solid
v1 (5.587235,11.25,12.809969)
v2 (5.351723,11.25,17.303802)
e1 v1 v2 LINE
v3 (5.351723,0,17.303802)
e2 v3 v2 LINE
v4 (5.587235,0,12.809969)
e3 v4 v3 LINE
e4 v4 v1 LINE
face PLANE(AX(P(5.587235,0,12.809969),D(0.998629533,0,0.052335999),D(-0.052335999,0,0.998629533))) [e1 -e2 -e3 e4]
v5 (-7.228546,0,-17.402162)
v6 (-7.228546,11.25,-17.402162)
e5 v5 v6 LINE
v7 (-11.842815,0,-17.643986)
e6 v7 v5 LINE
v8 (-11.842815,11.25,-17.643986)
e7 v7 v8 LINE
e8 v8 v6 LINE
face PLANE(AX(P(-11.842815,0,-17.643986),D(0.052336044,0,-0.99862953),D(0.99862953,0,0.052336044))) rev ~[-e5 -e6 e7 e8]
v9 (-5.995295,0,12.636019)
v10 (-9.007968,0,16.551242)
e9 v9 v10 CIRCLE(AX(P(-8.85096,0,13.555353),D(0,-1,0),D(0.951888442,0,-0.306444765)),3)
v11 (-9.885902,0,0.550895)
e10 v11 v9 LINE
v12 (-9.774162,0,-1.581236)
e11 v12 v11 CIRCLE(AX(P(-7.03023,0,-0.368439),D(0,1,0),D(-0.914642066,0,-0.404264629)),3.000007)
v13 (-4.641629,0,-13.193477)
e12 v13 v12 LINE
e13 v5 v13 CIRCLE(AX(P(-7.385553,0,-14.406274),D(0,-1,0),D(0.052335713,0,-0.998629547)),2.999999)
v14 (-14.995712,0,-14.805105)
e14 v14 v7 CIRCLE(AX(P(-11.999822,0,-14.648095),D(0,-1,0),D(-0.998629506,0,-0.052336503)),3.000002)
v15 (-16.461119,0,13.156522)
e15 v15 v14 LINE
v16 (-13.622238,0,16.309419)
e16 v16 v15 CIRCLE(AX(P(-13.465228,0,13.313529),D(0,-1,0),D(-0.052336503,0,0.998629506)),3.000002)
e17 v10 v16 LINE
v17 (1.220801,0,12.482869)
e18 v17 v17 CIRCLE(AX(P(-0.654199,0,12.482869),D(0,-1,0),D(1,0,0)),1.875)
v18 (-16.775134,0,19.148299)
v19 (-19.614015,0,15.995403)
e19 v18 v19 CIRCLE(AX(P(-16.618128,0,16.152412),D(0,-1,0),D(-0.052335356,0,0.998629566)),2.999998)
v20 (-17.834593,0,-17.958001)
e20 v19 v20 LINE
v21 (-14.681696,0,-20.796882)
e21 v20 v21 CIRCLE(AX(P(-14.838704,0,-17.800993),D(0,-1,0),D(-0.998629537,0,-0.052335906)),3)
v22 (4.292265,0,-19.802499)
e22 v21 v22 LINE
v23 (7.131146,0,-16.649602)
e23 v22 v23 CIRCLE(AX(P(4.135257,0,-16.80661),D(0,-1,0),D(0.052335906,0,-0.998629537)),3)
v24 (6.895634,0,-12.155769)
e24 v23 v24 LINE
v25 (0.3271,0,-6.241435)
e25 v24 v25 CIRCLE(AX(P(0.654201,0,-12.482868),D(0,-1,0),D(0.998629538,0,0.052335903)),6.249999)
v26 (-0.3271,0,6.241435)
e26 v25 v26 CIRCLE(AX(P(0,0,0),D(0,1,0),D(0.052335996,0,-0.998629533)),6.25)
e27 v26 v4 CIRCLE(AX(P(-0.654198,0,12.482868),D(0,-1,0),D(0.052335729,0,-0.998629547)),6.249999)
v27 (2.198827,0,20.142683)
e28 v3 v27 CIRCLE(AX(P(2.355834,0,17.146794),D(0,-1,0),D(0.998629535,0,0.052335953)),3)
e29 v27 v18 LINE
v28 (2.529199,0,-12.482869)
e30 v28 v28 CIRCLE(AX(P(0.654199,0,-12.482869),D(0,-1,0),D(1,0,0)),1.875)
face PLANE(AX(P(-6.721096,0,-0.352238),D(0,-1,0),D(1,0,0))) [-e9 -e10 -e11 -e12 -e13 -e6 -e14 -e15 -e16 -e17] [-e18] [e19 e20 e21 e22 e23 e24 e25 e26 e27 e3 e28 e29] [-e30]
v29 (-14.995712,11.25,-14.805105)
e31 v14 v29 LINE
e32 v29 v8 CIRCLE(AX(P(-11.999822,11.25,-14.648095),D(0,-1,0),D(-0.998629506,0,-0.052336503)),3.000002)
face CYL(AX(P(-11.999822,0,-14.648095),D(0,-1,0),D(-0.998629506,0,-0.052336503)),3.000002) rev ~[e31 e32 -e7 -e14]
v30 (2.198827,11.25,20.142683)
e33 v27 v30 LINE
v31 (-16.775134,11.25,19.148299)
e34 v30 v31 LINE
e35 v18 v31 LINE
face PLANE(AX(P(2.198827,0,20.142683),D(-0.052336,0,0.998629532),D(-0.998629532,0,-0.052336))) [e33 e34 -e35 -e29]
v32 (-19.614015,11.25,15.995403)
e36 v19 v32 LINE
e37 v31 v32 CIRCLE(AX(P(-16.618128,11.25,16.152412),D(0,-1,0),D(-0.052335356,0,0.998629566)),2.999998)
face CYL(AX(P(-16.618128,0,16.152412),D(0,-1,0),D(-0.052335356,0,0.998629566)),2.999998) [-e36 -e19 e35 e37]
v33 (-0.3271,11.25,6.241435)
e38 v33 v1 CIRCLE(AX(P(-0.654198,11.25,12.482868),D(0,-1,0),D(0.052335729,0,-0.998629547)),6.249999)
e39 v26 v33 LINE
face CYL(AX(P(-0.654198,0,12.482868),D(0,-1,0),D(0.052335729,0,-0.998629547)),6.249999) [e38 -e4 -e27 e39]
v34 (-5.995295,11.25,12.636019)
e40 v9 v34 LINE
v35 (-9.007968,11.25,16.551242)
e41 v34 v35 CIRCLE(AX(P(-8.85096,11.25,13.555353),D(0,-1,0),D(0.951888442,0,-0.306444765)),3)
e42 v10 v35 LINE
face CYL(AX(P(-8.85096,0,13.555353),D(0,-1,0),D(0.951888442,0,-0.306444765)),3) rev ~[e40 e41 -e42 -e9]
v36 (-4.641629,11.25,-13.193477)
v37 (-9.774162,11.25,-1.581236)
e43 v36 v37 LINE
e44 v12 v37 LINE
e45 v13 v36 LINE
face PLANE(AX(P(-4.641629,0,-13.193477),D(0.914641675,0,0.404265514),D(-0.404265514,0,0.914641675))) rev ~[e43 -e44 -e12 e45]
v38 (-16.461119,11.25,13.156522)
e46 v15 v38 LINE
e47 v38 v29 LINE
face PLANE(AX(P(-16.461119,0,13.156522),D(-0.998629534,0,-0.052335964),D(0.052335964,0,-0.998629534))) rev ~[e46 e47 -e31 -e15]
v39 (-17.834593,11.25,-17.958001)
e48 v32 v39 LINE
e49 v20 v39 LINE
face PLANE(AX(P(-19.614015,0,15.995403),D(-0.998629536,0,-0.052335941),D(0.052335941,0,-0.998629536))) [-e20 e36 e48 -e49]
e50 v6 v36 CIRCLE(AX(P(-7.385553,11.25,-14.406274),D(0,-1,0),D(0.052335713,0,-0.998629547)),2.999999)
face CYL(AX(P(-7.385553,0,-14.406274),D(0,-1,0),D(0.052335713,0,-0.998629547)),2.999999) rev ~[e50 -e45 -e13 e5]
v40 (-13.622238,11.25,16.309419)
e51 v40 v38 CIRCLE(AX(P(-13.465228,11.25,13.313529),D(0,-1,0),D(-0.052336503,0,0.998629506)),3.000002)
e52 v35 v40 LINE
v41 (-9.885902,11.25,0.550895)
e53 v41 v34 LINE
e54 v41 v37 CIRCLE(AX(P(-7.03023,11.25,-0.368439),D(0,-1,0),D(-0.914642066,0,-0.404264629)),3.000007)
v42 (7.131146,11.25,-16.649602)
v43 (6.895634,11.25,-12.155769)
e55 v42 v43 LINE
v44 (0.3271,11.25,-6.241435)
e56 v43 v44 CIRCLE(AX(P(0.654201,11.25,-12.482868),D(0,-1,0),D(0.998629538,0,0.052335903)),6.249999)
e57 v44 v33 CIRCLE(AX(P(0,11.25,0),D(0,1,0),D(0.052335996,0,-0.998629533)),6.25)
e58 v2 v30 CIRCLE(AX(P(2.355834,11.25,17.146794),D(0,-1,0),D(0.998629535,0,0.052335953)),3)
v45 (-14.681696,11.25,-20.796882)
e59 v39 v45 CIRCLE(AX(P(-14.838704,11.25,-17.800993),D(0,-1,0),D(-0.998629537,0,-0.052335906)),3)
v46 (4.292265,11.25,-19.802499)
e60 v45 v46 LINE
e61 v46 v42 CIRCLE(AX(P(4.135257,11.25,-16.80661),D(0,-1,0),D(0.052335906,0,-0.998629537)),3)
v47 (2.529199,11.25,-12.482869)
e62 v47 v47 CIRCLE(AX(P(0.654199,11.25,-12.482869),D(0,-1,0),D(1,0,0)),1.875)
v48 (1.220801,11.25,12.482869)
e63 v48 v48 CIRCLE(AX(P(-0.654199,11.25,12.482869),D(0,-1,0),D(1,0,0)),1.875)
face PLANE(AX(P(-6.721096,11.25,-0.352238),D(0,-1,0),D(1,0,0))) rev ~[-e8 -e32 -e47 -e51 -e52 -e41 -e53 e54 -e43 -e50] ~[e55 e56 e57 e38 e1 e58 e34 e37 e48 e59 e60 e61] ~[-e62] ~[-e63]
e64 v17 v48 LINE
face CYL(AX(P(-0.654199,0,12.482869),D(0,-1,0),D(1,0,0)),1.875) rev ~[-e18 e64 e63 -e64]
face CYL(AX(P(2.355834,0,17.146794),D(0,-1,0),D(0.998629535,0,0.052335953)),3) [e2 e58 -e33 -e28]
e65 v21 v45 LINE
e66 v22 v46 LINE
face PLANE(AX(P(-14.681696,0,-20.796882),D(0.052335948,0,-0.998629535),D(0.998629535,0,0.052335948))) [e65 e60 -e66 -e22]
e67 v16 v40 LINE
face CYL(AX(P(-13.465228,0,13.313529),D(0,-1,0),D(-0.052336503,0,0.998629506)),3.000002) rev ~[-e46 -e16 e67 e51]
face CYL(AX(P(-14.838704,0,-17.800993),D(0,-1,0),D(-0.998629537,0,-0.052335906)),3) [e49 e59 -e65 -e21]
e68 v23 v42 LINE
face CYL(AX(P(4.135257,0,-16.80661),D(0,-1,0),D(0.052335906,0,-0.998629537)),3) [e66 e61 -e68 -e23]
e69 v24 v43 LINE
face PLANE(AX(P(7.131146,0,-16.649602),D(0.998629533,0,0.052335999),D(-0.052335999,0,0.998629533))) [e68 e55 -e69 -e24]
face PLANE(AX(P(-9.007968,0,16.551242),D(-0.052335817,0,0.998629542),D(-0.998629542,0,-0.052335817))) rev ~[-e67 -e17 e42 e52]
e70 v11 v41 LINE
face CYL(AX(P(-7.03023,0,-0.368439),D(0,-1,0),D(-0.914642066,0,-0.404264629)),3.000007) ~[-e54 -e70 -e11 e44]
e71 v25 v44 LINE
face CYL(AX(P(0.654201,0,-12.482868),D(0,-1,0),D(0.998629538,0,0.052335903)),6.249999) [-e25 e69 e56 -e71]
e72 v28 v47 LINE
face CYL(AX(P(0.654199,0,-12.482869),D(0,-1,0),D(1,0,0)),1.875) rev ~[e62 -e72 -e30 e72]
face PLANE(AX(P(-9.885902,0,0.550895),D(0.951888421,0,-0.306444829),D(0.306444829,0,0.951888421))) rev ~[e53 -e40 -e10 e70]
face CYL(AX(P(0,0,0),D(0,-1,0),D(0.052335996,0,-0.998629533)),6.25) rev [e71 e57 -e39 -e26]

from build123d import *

# Parameters (mm, degrees)
F0_R     = 1.875
F1_DEPTH = 11.25
F3_DEPTH = 25


with BuildPart() as f1:
    # F0 (on Front) → F1 (new body)
    with BuildSketch(Plane.XZ):
        with BuildLine():
            ThreePointArc((-0.3271, 6.241435), (3.990456, 8.300803), (5.587235, 12.809969))
            Line((5.587235, 12.809969), (5.351723, 17.303802))
            ThreePointArc((5.351723, 17.303802), (4.363227, 19.376228), (2.198827, 20.142683))
            Line((2.198827, 20.142683), (-16.775134, 19.148299))
            ThreePointArc((-16.775134, 19.148299), (-18.847561, 18.159803), (-19.614015, 15.995403))
            Line((-19.614015, 15.995403), (-18.724304, -0.981299))
            Line((-18.724304, -0.981299), (-17.834593, -17.958001))
            ThreePointArc((-17.834593, -17.958001), (-16.846096, -20.030428), (-14.681696, -20.796882))
            Line((-14.681696, -20.796882), (4.292265, -19.802499))
            ThreePointArc((4.292265, -19.802499), (6.364692, -18.814002), (7.131146, -16.649602))
            Line((7.131146, -16.649602), (6.895634, -12.155769))
            ThreePointArc((6.895634, -12.155769), (4.836266, -7.838214), (0.3271, -6.241435))
            ThreePointArc((0.3271, -6.241435), (-6.241435, -0.3271), (-0.3271, 6.241435))
        make_face()
        with Locations((0.654199, -12.482869)):
            Circle(F0_R, mode=Mode.SUBTRACT)
        with Locations((-0.654199, 12.482869)):
            Circle(F0_R, mode=Mode.SUBTRACT)
    extrude(amount=-F1_DEPTH)

    # F2 (on face) → F3 (cut)
    with BuildSketch(Plane.XZ):
        with BuildLine():
            ThreePointArc((-14.995712, -14.805105), (-14.007215, -16.877531), (-11.842815, -17.643986))
            Line((-11.842815, -17.643986), (-7.228546, -17.402162))
            ThreePointArc((-7.228546, -17.402162), (-4.829754, -15.977225), (-4.641629, -13.193477))
            Line((-4.641629, -13.193477), (-9.774162, -1.581236))
            ThreePointArc((-9.774162, -1.581236), (-10.026125, -0.525447), (-9.885902, 0.550895))
            Line((-9.885902, 0.550895), (-5.995295, 12.636019))
            ThreePointArc((-5.995295, 12.636019), (-6.473371, 15.384853), (-9.007968, 16.551242))
            Line((-9.007968, 16.551242), (-13.622238, 16.309419))
            ThreePointArc((-13.622238, 16.309419), (-15.694664, 15.320922), (-16.461119, 13.156522))
            Line((-16.461119, 13.156522), (-14.995712, -14.805105))
        make_face()
    extrude(amount=-F3_DEPTH, mode=Mode.SUBTRACT)


solid = f1.part
